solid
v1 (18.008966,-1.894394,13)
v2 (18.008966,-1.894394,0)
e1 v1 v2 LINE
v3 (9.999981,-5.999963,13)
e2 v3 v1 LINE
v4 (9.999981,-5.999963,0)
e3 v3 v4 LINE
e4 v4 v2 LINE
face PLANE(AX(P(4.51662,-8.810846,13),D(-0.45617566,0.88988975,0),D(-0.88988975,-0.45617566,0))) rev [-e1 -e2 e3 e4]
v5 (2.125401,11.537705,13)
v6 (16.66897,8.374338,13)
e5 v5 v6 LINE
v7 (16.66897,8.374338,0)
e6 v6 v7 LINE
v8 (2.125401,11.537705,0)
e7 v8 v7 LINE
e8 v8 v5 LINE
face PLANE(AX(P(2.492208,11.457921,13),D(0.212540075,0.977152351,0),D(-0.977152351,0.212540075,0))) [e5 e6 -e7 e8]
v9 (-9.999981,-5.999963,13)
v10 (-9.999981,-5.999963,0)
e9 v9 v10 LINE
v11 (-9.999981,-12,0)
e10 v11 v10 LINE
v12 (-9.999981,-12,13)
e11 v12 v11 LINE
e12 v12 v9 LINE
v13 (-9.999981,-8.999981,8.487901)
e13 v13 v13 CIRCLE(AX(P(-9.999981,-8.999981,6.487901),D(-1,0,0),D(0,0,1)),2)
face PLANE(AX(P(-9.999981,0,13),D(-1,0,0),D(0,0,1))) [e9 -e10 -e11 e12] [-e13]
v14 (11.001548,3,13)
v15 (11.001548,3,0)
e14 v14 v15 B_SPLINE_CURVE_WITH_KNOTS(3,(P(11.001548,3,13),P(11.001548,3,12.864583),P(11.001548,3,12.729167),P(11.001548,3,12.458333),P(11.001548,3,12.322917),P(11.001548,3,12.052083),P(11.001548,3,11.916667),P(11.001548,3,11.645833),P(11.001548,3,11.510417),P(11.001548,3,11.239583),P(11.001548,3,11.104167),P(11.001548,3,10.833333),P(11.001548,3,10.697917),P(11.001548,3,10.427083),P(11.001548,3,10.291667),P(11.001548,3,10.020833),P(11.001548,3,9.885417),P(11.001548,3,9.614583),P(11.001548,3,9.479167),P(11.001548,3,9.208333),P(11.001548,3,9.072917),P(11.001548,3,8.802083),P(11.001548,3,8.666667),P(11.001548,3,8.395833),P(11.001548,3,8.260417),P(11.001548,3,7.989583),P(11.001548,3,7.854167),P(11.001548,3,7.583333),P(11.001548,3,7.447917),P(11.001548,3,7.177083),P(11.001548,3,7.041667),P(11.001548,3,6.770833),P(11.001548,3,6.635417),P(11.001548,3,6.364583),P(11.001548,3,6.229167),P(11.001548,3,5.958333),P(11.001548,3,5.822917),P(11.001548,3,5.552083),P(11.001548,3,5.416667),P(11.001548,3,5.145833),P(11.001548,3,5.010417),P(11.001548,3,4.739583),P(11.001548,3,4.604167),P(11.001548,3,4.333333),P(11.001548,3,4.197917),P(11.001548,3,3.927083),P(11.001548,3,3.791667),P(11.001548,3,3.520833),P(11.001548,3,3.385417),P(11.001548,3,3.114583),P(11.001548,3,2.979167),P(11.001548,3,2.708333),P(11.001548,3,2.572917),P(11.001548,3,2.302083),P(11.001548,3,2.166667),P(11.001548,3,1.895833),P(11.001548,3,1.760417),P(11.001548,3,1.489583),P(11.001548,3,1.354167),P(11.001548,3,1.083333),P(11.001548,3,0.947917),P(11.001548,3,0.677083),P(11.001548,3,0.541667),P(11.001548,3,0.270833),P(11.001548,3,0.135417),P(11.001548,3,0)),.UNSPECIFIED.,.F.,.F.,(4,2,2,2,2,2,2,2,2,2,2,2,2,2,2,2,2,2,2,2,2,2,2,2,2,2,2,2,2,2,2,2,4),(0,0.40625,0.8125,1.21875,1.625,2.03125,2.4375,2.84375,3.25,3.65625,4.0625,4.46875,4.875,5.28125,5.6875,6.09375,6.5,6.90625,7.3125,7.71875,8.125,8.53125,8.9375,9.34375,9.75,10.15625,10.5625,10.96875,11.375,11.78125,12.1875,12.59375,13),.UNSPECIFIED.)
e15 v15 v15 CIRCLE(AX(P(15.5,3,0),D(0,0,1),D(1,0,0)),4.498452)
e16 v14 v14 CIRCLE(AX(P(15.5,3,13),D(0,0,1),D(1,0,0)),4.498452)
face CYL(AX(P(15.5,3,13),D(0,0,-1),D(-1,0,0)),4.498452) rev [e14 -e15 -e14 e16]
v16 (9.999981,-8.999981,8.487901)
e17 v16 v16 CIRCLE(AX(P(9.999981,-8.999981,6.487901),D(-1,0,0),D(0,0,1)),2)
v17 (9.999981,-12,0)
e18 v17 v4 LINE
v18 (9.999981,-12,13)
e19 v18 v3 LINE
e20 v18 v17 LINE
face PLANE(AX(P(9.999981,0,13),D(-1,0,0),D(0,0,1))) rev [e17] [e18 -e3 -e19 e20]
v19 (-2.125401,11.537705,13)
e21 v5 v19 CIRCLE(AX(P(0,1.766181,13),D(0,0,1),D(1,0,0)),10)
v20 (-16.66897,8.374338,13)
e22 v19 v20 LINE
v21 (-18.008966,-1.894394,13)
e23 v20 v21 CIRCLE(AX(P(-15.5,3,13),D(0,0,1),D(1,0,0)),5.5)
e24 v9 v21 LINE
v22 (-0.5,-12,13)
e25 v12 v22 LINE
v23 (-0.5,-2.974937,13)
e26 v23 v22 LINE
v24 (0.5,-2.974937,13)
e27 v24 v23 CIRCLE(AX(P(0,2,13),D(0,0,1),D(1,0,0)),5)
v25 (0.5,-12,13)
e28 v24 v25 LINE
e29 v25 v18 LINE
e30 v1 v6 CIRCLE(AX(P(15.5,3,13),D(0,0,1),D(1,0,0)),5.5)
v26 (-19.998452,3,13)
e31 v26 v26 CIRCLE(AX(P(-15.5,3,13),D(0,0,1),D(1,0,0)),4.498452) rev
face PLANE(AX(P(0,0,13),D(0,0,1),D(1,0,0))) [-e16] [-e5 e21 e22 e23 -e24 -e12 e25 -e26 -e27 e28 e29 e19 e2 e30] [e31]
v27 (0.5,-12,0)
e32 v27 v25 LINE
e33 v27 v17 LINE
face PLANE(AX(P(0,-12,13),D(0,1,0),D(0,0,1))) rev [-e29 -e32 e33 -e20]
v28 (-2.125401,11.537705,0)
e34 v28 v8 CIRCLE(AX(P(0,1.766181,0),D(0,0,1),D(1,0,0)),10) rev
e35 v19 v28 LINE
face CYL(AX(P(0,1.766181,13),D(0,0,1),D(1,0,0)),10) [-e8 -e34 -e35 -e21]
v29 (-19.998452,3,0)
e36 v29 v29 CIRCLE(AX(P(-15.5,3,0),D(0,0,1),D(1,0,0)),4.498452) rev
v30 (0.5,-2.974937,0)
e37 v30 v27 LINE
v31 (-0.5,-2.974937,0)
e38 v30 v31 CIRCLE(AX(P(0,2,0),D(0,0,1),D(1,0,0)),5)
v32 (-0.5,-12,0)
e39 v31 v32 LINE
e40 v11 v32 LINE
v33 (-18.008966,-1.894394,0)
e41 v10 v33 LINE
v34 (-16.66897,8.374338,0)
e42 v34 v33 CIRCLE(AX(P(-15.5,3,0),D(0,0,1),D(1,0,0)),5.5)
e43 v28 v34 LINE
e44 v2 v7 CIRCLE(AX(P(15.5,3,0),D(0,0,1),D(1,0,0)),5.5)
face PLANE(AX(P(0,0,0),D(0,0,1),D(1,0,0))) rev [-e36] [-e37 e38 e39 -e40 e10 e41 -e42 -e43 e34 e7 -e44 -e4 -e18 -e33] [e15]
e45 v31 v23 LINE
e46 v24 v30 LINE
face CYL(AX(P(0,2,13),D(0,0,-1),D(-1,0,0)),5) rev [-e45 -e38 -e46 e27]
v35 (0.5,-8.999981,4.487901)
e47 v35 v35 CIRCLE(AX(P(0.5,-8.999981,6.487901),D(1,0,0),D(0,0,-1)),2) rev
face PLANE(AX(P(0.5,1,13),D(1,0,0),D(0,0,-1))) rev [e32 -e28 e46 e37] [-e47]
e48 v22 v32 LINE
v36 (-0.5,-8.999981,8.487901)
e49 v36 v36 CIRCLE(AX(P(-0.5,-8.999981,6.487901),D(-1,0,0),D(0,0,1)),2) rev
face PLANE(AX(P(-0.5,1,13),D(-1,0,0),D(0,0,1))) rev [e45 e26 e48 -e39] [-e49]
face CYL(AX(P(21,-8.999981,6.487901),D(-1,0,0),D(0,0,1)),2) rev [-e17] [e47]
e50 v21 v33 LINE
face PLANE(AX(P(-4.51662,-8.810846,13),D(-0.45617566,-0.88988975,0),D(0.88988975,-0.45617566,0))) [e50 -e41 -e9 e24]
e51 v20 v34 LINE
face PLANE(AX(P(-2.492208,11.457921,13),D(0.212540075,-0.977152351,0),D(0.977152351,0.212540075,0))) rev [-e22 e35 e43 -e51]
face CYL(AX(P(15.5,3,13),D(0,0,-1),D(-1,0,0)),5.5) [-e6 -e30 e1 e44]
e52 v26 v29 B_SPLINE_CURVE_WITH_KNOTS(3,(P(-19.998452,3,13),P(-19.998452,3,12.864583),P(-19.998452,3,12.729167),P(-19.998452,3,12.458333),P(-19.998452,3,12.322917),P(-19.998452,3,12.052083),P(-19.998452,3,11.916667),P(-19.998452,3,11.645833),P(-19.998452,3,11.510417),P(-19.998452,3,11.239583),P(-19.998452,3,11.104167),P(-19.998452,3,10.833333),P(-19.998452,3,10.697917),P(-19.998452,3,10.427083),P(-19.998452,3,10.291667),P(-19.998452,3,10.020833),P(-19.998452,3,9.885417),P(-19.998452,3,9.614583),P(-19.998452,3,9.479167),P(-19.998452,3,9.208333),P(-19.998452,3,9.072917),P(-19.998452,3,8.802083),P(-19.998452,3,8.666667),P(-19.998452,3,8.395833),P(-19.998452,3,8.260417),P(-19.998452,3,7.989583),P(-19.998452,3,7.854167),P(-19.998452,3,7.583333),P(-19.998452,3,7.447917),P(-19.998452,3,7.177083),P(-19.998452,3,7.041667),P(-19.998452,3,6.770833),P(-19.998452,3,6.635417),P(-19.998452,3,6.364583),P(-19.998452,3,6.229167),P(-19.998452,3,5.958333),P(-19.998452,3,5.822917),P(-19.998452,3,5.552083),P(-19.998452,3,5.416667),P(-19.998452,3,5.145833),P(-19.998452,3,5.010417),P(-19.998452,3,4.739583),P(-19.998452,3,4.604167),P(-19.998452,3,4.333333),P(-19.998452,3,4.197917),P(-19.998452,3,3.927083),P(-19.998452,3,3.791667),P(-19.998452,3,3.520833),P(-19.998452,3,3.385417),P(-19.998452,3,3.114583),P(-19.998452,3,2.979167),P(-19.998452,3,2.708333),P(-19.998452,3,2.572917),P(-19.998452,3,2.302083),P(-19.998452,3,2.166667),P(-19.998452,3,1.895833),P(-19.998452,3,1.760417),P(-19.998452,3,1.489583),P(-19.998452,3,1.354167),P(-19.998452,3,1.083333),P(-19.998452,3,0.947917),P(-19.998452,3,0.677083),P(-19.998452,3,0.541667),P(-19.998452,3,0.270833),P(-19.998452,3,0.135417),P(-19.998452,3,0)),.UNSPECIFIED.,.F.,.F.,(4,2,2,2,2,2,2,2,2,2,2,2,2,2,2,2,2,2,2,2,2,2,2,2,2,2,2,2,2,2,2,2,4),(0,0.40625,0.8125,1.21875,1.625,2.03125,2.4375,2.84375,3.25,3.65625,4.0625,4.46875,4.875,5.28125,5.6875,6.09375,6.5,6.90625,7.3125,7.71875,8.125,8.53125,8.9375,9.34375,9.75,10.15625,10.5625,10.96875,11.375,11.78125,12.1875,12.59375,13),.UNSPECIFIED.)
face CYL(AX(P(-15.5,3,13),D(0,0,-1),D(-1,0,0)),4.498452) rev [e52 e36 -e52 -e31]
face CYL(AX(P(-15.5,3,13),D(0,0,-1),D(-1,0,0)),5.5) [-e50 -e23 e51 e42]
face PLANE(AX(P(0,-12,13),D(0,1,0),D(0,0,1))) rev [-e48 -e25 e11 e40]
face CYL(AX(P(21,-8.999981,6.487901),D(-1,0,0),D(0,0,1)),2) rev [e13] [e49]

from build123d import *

# Parameters (mm, degrees)
SKETCH_1_R          = 5
SKETCH_1_W          = 19.999962028
SKETCH_1_H          = 6.000037038
EXTRUDE_1_DEPTH     = 13
SKETCH_2_R          = 2
CUT_EXTRUDE_1_DEPTH = 36.693120105
SKETCH_3_W          = 1
SKETCH_3_H          = 13
CUT_EXTRUDE_2_DEPTH = 13
FILLET_1_R          = 10


with BuildPart() as part:
    # 草图1 → 凸台-拉伸1 (new body)
    # profile 1 of 10: a face of its own
    with BuildSketch(Plane.XY):
        with BuildLine():
            ThreePointArc((18.008966142, -1.894393619), (10.046238322, 2.288323413), (16.668970702, 8.374337866))
            Line((16.668970702, 8.374337866), (0, 12))
            Line((0, 12), (-16.6689706, 8.374337888))
            ThreePointArc((-16.6689706, 8.374337888), (-12.048865281, 7.282483993), (-10, 3))
            ThreePointArc((-10, 3), (-12.632014098, -1.693043455), (-18.008966133, -1.894393624))
            Line((-18.008966133, -1.894393624), (-9.999981014, -5.999962962))
            Line((-9.999981014, -5.999962962), (9.999981014, -5.999962962))
            Line((9.999981014, -5.999962962), (18.008966142, -1.894393619))
        make_face()
        with Locations(Location((0, 2, 0), (0, 0, 180))):
            Circle(SKETCH_1_R, mode=Mode.SUBTRACT)
    # profile 2 of 10: a face of its own
    with BuildSketch(Plane.XY):
        with BuildLine():
            ThreePointArc((-10, 3), (-12.048865281, 7.282483993), (-16.6689706, 8.374337888))
            ThreePointArc((-16.6689706, 8.374337888), (-18.13580723, 7.827268404), (-19.389087297, 6.889087297))
            Line((-19.389087297, 6.889087297), (-18.680885962, 6.180885962))
            ThreePointArc((-18.680885962, 6.180885962), (-13.778516922, 7.156027793), (-11.001547932, 3))
            ThreePointArc((-11.001547932, 3), (-13.778516922, -1.156027793), (-18.680885962, -0.180885962))
            Line((-18.680885962, -0.180885962), (-19.389087297, -0.889087297))
            ThreePointArc((-19.389087297, -0.889087297), (-18.738276104, -1.445623452), (-18.008966133, -1.894393624))
            ThreePointArc((-18.008966133, -1.894393624), (-12.632014098, -1.693043455), (-10, 3))
        make_face()
    # profile 3 of 10: a face of its own
    with BuildSketch(Plane.XY):
        with BuildLine():
            Line((-18.680885962, 6.180885962), (-19.389087297, 6.889087297))
            ThreePointArc((-19.389087297, 6.889087297), (-20.581337429, 5.104758878), (-21, 3))
            ThreePointArc((-21, 3), (-20.581337429, 0.895241122), (-19.389087297, -0.889087297))
            Line((-19.389087297, -0.889087297), (-18.680885962, -0.180885962))
            ThreePointArc((-18.680885962, -0.180885962), (-19.998452068, 3), (-18.680885962, 6.180885962))
        make_face()
    # profile 4 of 10: a face of its own
    with BuildSketch(Plane.XY):
        with BuildLine():
            ThreePointArc((-10, 3), (-12.048865281, 7.282483993), (-16.6689706, 8.374337888))
            ThreePointArc((-16.6689706, 8.374337888), (-18.13580723, 7.827268404), (-19.389087297, 6.889087297))
            Line((-19.389087297, 6.889087297), (-18.680885962, 6.180885962))
            ThreePointArc((-18.680885962, 6.180885962), (-13.778516922, 7.156027793), (-11.001547932, 3))
            ThreePointArc((-11.001547932, 3), (-13.778516922, -1.156027793), (-18.680885962, -0.180885962))
            Line((-18.680885962, -0.180885962), (-19.389087297, -0.889087297))
            ThreePointArc((-19.389087297, -0.889087297), (-18.738276104, -1.445623452), (-18.008966133, -1.894393624))
            ThreePointArc((-18.008966133, -1.894393624), (-12.632014098, -1.693043455), (-10, 3))
        make_face()
    # profile 5 of 10: a face of its own
    with BuildSketch(Plane.XY):
        with BuildLine():
            Line((-18.680885962, 6.180885962), (-19.389087297, 6.889087297))
            ThreePointArc((-19.389087297, 6.889087297), (-20.581337429, 5.104758878), (-21, 3))
            ThreePointArc((-21, 3), (-20.581337429, 0.895241122), (-19.389087297, -0.889087297))
            Line((-19.389087297, -0.889087297), (-18.680885962, -0.180885962))
            ThreePointArc((-18.680885962, -0.180885962), (-19.998452068, 3), (-18.680885962, 6.180885962))
        make_face()
    # profile 6 of 10: a face of its own
    with BuildSketch(Plane.XY):
        with BuildLine():
            ThreePointArc((18.680885962, -0.180885962), (11.001547932, 3), (18.680885962, 6.180885962))
            Line((18.680885962, 6.180885962), (19.389087297, 6.889087297))
            ThreePointArc((19.389087297, 6.889087297), (18.135807275, 7.82726838), (16.668970702, 8.374337866))
            ThreePointArc((16.668970702, 8.374337866), (10.046238322, 2.288323413), (18.008966142, -1.894393619))
            ThreePointArc((18.008966142, -1.894393619), (18.738276108, -1.445623449), (19.389087297, -0.889087297))
            Line((19.389087297, -0.889087297), (18.680885962, -0.180885962))
        make_face()
    # profile 7 of 10: a face of its own
    with BuildSketch(Plane.XY):
        with BuildLine():
            Line((19.389087297, 6.889087297), (18.680885962, 6.180885962))
            ThreePointArc((18.680885962, 6.180885962), (19.656027793, 4.721483078), (19.998452068, 3))
            ThreePointArc((19.998452068, 3), (19.656027793, 1.278516922), (18.680885962, -0.180885962))
            Line((18.680885962, -0.180885962), (19.389087297, -0.889087297))
            ThreePointArc((19.389087297, -0.889087297), (20.581337429, 0.895241122), (21, 3))
            ThreePointArc((21, 3), (20.581337429, 5.104758878), (19.389087297, 6.889087297))
        make_face()
    # profile 8 of 10: a face of its own
    with BuildSketch(Plane.XY):
        with BuildLine():
            ThreePointArc((18.680885962, -0.180885962), (11.001547932, 3), (18.680885962, 6.180885962))
            Line((18.680885962, 6.180885962), (19.389087297, 6.889087297))
            ThreePointArc((19.389087297, 6.889087297), (18.135807275, 7.82726838), (16.668970702, 8.374337866))
            ThreePointArc((16.668970702, 8.374337866), (10.046238322, 2.288323413), (18.008966142, -1.894393619))
            ThreePointArc((18.008966142, -1.894393619), (18.738276108, -1.445623449), (19.389087297, -0.889087297))
            Line((19.389087297, -0.889087297), (18.680885962, -0.180885962))
        make_face()
    # profile 9 of 10: a face of its own
    with BuildSketch(Plane.XY):
        with BuildLine():
            Line((19.389087297, 6.889087297), (18.680885962, 6.180885962))
            ThreePointArc((18.680885962, 6.180885962), (19.656027793, 4.721483078), (19.998452068, 3))
            ThreePointArc((19.998452068, 3), (19.656027793, 1.278516922), (18.680885962, -0.180885962))
            Line((18.680885962, -0.180885962), (19.389087297, -0.889087297))
            ThreePointArc((19.389087297, -0.889087297), (20.581337429, 0.895241122), (21, 3))
            ThreePointArc((21, 3), (20.581337429, 5.104758878), (19.389087297, 6.889087297))
        make_face()
    # profile 10 of 10: a face of its own
    with BuildSketch(Plane.XY):
        with Locations((0, -8.999981481)):
            Rectangle(SKETCH_1_W, SKETCH_1_H)
    extrude(amount=EXTRUDE_1_DEPTH)

    # 草图2 → 切除-拉伸1 (cut, through all)
    with BuildSketch(Plane.ZY.offset(9.999981014)):
        with Locations((6.487900744, -8.999981481)):
            Circle(SKETCH_2_R)
    extrude(amount=-CUT_EXTRUDE_1_DEPTH, mode=Mode.SUBTRACT)

    # 草图3 → 切除-拉伸2 (cut)
    with BuildSketch(Plane.XZ.offset(12)):
        with Locations((0, 6.5)):
            Rectangle(SKETCH_3_W, SKETCH_3_H)
    extrude(amount=-CUT_EXTRUDE_2_DEPTH, mode=Mode.SUBTRACT)

    # 圆角1
    fillet_1_edges = [part.edges().sort_by_distance(p)[0] for p in [
        (0, 12, 6.5),
    ]]
    fillet(fillet_1_edges, radius=FILLET_1_R)


solid = part.part
